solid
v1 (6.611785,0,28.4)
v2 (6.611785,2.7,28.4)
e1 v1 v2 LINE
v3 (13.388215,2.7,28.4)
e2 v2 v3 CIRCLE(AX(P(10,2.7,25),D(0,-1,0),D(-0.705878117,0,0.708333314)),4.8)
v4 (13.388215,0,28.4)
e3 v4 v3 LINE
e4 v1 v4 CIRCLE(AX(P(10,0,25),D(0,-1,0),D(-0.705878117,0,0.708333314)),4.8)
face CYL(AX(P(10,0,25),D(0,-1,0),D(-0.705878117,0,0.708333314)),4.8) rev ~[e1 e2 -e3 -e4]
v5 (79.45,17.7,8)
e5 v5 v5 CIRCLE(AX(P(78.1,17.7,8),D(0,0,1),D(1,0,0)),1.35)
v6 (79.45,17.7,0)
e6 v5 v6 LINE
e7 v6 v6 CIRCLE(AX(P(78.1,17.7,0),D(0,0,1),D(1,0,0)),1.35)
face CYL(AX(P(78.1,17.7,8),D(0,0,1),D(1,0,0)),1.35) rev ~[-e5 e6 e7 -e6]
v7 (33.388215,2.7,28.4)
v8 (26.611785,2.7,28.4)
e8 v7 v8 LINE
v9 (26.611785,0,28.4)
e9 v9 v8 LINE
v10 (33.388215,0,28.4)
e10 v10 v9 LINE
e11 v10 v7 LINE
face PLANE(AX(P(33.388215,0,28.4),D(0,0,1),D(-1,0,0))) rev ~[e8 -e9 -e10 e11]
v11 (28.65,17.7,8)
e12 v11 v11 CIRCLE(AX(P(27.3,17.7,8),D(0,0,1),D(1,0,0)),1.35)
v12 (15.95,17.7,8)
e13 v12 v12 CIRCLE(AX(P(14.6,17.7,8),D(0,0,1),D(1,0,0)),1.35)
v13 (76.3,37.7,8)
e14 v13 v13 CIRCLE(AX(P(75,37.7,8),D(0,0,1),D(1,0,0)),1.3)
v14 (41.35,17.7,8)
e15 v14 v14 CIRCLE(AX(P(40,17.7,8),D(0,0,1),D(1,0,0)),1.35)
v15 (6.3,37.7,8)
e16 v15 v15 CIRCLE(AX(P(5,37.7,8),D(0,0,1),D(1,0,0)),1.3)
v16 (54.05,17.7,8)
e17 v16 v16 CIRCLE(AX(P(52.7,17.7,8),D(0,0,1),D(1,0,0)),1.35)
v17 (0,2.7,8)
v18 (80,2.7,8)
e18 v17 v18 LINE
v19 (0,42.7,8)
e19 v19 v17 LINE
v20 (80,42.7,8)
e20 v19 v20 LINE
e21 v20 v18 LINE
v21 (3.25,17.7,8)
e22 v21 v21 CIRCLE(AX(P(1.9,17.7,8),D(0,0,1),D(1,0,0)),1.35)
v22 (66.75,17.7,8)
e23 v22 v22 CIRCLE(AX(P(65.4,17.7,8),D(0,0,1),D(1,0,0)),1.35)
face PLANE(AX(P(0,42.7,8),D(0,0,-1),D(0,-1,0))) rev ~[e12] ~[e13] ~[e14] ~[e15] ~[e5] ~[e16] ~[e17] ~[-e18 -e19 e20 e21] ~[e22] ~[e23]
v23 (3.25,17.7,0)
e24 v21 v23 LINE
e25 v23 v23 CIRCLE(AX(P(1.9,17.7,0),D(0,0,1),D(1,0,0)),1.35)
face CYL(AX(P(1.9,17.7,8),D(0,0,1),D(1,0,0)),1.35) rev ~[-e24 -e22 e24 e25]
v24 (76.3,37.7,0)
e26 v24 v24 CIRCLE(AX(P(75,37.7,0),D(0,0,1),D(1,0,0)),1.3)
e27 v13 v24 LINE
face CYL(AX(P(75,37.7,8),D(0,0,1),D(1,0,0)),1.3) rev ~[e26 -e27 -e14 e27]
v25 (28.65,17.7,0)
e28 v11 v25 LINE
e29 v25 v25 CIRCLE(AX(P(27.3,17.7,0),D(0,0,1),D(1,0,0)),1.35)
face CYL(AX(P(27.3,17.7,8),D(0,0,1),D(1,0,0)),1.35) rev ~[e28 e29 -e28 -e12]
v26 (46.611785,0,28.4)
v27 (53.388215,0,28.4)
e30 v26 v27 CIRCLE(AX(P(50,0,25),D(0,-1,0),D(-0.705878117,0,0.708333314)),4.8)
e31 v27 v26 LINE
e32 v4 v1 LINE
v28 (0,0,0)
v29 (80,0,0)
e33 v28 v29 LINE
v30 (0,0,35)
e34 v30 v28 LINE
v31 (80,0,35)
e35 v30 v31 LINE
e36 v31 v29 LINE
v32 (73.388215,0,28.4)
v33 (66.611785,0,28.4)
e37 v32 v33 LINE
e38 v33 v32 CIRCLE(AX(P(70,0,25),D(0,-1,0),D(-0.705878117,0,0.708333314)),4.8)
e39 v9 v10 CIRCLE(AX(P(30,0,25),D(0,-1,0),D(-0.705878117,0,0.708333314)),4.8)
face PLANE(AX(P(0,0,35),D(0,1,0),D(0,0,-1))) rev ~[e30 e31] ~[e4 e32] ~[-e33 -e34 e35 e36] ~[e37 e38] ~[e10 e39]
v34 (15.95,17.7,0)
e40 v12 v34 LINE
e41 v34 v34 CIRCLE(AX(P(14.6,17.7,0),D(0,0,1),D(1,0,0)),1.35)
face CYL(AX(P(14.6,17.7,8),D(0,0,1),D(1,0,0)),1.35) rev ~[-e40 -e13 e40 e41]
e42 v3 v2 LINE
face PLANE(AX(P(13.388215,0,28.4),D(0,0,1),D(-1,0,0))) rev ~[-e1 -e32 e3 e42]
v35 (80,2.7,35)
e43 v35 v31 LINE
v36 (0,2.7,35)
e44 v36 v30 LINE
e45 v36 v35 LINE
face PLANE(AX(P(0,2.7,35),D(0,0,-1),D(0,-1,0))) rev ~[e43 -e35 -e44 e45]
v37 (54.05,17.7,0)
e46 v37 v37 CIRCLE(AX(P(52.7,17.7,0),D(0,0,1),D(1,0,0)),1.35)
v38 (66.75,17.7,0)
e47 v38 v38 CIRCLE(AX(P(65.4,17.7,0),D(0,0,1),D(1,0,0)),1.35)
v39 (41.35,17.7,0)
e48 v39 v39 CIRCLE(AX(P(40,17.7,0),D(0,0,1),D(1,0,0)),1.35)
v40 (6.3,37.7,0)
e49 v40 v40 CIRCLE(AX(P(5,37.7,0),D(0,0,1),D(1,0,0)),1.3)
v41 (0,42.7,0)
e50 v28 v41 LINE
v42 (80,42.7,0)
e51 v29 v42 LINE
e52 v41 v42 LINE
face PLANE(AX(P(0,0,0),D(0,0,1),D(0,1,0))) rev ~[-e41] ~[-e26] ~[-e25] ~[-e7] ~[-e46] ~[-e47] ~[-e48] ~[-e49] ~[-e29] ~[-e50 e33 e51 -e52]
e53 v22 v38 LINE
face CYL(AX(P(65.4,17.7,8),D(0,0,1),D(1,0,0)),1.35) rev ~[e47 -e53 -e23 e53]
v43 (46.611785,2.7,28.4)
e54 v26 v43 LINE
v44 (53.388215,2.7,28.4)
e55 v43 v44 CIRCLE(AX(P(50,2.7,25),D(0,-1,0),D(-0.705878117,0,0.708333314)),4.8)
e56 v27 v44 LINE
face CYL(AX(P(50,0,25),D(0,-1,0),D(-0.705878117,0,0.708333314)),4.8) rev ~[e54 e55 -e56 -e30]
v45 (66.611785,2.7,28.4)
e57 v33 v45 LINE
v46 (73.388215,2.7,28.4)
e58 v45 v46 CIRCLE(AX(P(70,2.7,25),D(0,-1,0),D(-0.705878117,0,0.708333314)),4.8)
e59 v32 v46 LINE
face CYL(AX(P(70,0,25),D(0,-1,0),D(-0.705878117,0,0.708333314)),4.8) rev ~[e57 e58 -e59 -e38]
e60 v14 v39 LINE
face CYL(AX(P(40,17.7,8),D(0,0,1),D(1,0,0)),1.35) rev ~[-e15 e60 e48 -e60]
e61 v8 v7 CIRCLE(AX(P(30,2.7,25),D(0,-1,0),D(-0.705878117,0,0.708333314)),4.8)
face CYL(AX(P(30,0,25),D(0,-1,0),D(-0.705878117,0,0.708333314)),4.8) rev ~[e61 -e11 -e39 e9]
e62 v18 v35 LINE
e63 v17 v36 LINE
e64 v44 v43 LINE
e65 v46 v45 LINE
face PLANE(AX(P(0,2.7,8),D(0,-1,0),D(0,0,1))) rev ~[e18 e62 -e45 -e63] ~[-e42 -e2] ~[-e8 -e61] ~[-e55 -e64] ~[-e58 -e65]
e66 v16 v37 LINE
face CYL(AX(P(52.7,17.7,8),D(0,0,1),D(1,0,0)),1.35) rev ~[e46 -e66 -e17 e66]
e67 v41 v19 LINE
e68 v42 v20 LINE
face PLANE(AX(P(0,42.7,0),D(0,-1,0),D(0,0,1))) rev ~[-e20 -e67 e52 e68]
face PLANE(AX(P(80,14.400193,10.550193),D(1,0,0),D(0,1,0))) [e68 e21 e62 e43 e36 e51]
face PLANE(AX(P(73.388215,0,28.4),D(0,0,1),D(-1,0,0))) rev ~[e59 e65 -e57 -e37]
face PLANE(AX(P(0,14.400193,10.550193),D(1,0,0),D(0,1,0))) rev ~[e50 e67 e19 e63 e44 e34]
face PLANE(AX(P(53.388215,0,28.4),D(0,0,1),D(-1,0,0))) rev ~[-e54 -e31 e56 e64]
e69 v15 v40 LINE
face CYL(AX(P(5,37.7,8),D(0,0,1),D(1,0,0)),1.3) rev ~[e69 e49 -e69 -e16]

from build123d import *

# Parameters (mm, degrees)
F1_DEPTH = 80
F3_DEPTH = 42.701
F4_R     = 1.3
F4_R_2   = 1.35
F5_DEPTH = 8.001


with BuildPart() as f1:
    # F0 (on Right) → F1 (new body)
    with BuildSketch(Plane.YZ):
        Polygon((0, 35), (0, 0), (42.7, 0), (42.7, 8), (2.7, 8), (2.7, 35), align=None)
    extrude(amount=F1_DEPTH)

    # F2 (on face) → F3 (cut, through all)
    with BuildSketch(Plane.XZ):
        with BuildLine():
            Line((13.388215, 28.4), (6.611785, 28.4))
            ThreePointArc((6.611785, 28.4), (10, 20.2), (13.388215, 28.4))
        make_face()
        with BuildLine():
            Line((33.388215, 28.4), (26.611785, 28.4))
            ThreePointArc((26.611785, 28.4), (30, 20.2), (33.388215, 28.4))
        make_face()
        with BuildLine():
            Line((53.388215, 28.4), (46.611785, 28.4))
            ThreePointArc((46.611785, 28.4), (50, 20.2), (53.388215, 28.4))
        make_face()
        with BuildLine():
            Line((73.388215, 28.4), (66.611785, 28.4))
            ThreePointArc((66.611785, 28.4), (70, 20.2), (73.388215, 28.4))
        make_face()
    extrude(amount=-F3_DEPTH, mode=Mode.SUBTRACT)

    # F4 (on face) → F5 (cut, through all)
    with BuildSketch(Plane.XY.offset(8)):
        with Locations((5, 37.7)):
            Circle(F4_R)
        with Locations((75, 37.7)):
            Circle(F4_R)
        with Locations((14.6, 17.7)):
            Circle(F4_R_2)
        with Locations((27.3, 17.7)):
            Circle(F4_R_2)
        with Locations((1.9, 17.7)):
            Circle(F4_R_2)
        with Locations((40, 17.7)):
            Circle(F4_R_2)
        with Locations((52.7, 17.7)):
            Circle(F4_R_2)
        with Locations((65.4, 17.7)):
            Circle(F4_R_2)
        with Locations((78.1, 17.7)):
            Circle(F4_R_2)
    extrude(amount=-F5_DEPTH, mode=Mode.SUBTRACT)


solid = f1.part
